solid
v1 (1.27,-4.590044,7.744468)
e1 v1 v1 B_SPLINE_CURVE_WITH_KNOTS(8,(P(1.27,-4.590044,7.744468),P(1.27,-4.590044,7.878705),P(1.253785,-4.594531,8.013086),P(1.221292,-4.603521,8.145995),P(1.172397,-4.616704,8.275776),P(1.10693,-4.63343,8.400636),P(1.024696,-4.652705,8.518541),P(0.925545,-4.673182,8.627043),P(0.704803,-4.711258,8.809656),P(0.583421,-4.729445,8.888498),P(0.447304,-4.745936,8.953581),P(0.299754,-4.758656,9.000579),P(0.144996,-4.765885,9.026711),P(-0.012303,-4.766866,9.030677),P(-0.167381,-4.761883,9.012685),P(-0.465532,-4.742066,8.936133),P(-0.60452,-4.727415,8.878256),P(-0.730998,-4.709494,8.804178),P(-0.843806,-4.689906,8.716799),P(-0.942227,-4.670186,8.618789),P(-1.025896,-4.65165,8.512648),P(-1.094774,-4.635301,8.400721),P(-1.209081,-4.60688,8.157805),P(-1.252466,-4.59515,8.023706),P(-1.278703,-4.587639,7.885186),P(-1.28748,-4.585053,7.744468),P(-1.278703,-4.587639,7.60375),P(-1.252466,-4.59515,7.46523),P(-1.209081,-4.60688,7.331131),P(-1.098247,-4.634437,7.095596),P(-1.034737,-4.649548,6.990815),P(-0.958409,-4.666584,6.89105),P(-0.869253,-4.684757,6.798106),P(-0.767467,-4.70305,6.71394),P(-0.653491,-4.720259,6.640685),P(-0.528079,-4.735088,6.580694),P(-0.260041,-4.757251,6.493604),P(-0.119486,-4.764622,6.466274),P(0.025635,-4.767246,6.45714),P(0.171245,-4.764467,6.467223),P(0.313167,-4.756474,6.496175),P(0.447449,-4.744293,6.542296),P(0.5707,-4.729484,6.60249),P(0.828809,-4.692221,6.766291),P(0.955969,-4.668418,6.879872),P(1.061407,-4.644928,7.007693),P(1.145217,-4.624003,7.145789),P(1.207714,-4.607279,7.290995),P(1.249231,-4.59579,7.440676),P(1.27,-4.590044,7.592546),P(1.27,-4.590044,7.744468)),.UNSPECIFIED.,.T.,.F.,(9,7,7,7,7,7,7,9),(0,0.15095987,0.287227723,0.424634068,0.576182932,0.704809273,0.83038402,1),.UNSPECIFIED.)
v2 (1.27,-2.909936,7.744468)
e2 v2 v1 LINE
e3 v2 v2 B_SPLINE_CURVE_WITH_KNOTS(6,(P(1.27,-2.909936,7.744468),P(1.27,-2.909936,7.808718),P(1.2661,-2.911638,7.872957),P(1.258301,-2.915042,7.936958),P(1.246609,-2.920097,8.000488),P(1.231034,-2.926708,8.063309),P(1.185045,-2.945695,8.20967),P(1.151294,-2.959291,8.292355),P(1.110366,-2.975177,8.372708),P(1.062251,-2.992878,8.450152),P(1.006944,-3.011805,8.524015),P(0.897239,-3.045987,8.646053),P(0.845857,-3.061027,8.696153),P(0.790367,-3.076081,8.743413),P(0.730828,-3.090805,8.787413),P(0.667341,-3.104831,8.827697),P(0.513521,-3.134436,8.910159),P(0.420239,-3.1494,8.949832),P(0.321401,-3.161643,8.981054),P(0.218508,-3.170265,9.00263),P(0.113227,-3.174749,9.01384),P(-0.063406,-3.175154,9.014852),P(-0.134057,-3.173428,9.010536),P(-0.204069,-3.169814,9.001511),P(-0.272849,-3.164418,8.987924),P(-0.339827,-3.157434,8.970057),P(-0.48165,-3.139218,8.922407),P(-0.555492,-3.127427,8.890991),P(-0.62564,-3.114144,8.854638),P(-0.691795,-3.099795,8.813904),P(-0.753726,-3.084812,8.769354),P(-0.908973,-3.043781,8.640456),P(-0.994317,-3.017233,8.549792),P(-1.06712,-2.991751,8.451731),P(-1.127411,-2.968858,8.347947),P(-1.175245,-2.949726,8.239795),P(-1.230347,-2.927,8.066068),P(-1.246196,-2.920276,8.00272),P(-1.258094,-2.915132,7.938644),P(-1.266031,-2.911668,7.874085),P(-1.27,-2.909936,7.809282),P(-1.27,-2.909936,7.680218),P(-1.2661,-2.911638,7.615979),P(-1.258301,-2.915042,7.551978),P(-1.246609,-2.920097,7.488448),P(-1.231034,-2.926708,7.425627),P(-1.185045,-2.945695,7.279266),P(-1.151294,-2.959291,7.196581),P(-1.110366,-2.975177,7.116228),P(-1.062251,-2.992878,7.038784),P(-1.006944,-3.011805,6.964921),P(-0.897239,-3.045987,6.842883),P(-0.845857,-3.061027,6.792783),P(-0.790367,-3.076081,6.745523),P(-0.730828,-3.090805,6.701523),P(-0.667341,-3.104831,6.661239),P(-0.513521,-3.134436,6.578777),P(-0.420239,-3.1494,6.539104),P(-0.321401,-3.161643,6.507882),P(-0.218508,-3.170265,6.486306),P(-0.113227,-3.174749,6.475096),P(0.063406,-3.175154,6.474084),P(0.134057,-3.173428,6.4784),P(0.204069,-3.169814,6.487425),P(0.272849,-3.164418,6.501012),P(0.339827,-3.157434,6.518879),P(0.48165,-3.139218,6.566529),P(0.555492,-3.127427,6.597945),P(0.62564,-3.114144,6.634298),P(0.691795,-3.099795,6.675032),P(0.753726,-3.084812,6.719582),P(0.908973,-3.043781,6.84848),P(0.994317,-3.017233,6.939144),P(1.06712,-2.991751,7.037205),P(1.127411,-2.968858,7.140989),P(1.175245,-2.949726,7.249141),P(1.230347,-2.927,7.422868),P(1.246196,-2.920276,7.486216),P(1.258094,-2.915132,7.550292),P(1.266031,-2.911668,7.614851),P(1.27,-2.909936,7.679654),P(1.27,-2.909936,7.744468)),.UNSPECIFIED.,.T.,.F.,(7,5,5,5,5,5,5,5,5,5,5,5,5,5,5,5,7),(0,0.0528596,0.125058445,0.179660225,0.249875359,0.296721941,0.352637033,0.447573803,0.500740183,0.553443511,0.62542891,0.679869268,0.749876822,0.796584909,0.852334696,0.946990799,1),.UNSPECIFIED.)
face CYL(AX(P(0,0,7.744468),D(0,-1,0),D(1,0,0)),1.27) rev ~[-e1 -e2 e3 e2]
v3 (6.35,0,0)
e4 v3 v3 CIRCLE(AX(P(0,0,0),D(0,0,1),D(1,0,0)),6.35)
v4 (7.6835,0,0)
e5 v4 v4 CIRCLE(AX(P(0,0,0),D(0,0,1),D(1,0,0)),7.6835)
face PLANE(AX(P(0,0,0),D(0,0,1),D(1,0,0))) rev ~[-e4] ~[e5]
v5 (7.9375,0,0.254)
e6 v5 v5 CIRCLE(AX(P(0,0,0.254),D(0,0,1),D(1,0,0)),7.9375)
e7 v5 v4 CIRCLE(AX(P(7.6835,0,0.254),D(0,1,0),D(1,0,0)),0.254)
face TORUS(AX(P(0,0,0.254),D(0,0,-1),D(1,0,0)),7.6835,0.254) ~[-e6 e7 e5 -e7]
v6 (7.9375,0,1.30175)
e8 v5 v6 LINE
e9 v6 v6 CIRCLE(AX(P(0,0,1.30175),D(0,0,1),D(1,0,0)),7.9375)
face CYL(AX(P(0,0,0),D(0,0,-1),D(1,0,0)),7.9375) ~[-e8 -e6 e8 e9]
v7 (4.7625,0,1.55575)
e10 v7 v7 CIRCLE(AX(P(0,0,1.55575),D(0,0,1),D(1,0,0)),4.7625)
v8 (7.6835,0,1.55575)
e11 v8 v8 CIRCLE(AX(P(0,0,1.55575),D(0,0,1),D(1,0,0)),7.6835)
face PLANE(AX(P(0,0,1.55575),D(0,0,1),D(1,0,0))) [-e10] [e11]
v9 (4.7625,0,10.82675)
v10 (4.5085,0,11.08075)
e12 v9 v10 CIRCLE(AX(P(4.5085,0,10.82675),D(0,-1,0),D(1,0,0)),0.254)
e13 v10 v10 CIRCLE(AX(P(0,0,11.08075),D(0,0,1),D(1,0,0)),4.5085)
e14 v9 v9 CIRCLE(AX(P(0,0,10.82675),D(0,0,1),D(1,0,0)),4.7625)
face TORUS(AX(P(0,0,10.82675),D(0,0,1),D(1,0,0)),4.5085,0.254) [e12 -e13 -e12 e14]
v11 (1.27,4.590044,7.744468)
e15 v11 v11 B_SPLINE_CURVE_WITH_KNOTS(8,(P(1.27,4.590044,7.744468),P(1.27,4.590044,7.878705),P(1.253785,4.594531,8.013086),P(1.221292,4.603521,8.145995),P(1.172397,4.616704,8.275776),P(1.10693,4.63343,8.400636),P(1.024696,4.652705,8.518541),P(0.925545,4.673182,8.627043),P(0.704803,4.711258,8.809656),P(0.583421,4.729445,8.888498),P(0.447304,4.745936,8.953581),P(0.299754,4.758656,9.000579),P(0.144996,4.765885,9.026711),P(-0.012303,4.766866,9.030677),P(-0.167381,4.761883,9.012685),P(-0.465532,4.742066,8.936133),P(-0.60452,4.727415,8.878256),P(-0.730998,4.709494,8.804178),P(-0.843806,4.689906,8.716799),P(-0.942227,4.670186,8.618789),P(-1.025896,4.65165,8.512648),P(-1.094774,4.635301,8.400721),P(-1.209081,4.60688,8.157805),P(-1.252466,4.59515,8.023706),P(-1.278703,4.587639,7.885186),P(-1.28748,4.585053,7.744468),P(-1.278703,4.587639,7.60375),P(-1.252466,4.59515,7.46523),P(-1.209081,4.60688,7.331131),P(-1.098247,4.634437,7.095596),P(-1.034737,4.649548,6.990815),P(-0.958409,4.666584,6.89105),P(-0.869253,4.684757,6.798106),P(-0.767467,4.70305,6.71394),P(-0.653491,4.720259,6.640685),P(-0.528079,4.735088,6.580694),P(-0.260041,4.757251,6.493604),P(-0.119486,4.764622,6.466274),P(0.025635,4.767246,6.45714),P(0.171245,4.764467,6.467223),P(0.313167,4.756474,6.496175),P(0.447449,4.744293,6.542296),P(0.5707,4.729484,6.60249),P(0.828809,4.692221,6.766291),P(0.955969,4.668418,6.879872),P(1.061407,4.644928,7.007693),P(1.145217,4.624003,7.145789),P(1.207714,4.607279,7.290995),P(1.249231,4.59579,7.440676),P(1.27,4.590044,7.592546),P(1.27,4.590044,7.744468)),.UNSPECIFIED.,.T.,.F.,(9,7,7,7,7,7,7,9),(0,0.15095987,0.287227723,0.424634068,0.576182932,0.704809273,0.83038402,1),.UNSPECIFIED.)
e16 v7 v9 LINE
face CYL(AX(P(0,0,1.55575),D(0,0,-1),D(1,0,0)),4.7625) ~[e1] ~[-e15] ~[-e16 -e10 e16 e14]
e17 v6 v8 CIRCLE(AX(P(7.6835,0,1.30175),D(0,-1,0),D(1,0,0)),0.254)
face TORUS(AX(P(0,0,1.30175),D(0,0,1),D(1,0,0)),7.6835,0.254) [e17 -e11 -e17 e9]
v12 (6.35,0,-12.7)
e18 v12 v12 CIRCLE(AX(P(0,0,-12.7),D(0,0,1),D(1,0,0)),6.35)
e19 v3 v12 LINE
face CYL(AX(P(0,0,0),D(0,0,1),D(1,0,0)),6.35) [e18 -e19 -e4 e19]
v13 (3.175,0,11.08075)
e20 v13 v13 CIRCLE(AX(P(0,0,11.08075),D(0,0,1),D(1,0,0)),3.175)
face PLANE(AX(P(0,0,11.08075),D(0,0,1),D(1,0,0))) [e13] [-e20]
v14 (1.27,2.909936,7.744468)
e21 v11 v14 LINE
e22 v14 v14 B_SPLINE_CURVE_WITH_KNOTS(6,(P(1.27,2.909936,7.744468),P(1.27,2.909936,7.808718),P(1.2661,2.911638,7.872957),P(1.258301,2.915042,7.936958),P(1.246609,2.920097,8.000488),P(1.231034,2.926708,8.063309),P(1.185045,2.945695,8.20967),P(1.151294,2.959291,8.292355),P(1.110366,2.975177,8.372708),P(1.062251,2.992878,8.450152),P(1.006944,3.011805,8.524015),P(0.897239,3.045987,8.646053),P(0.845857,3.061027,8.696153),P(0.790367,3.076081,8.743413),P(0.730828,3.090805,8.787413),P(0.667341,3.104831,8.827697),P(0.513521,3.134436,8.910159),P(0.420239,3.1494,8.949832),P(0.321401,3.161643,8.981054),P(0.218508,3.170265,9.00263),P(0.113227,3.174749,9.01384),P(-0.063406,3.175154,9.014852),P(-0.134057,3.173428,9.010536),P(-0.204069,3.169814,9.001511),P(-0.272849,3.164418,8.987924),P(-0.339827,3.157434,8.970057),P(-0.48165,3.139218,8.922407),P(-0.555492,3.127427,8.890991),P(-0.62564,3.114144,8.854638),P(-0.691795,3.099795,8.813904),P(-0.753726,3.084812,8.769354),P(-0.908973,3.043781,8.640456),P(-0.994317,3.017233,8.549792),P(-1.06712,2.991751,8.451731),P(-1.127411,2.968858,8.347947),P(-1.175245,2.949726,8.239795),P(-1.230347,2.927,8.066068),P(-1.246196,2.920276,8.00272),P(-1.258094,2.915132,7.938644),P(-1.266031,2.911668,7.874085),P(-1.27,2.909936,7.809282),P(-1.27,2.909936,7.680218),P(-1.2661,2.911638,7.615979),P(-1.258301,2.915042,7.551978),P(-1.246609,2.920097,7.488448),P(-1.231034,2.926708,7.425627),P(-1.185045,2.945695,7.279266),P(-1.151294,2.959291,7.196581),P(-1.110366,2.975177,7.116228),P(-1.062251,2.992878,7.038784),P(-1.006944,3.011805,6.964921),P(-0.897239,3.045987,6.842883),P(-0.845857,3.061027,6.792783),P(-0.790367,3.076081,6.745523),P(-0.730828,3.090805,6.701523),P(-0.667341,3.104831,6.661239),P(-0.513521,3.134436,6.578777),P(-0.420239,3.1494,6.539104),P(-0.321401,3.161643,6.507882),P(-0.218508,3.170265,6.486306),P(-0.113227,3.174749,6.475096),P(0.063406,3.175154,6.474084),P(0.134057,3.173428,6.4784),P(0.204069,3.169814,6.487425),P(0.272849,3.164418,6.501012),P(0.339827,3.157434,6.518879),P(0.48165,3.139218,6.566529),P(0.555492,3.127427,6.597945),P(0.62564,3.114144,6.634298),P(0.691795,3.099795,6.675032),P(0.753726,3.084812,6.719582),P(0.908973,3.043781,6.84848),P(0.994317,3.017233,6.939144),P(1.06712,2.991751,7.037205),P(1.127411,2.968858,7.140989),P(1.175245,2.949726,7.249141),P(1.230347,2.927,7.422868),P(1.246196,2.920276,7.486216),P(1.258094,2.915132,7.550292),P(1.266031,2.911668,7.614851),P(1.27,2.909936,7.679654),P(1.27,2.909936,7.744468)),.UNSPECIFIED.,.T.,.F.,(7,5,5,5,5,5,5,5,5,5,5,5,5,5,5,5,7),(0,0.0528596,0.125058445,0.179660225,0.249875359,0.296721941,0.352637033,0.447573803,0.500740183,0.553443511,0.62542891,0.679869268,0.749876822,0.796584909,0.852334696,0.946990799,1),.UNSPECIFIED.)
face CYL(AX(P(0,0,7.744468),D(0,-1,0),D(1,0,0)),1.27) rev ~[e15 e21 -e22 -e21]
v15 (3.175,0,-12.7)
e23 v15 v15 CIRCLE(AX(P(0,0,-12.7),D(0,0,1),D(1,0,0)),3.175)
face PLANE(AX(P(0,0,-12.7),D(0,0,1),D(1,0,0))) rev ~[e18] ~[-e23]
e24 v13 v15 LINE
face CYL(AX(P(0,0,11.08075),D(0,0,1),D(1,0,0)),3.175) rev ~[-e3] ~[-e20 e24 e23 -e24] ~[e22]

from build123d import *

# Parameters (mm, degrees)
F0_R      = 6.35
F1_DEPTH  = 12.7
F2_R      = 7.9375
F3_DEPTH  = 1.55575
F4_R      = 4.7625
F5_DEPTH  = 9.525
F6_R      = 0.254
F7_R      = 1.27
F8_DEPTH  = 12.7
F9_R      = 3.175
F10_DEPTH = 23.78175


with BuildPart() as f1:
    # F0 (on Top) → F1 (new body)
    with BuildSketch(Plane.XY):
        Circle(F0_R)
    extrude(amount=-F1_DEPTH)

    # F2 (on face) → F3 (join)
    with BuildSketch(Plane.XY):
        Circle(F2_R)
    extrude(amount=F3_DEPTH)

    # F4 (on face) → F5 (join)
    with BuildSketch(Plane.XY.offset(1.55575)):
        Circle(F4_R)
    extrude(amount=F5_DEPTH)

    # F6
    f6_edges = [f1.edges().sort_by_distance(p)[0] for p in [
        (-7.9375, 0, 1.55575),
        (-7.9375, 0, 0),
        (-4.7625, 0, 11.08075),
    ]]
    fillet(f6_edges, radius=F6_R)

    # F7 (on Front) → F8 (cut, symmetric)
    with BuildSketch(Plane.XZ):
        with Locations((0, 7.744468)):
            Circle(F7_R)
    extrude(amount=F8_DEPTH, both=True, mode=Mode.SUBTRACT)

    # F9 (on face) → F10 (cut, through all)
    with BuildSketch(Plane.XY.offset(11.08075)):
        Circle(F9_R)
    extrude(amount=-F10_DEPTH, mode=Mode.SUBTRACT)


solid = f1.part
